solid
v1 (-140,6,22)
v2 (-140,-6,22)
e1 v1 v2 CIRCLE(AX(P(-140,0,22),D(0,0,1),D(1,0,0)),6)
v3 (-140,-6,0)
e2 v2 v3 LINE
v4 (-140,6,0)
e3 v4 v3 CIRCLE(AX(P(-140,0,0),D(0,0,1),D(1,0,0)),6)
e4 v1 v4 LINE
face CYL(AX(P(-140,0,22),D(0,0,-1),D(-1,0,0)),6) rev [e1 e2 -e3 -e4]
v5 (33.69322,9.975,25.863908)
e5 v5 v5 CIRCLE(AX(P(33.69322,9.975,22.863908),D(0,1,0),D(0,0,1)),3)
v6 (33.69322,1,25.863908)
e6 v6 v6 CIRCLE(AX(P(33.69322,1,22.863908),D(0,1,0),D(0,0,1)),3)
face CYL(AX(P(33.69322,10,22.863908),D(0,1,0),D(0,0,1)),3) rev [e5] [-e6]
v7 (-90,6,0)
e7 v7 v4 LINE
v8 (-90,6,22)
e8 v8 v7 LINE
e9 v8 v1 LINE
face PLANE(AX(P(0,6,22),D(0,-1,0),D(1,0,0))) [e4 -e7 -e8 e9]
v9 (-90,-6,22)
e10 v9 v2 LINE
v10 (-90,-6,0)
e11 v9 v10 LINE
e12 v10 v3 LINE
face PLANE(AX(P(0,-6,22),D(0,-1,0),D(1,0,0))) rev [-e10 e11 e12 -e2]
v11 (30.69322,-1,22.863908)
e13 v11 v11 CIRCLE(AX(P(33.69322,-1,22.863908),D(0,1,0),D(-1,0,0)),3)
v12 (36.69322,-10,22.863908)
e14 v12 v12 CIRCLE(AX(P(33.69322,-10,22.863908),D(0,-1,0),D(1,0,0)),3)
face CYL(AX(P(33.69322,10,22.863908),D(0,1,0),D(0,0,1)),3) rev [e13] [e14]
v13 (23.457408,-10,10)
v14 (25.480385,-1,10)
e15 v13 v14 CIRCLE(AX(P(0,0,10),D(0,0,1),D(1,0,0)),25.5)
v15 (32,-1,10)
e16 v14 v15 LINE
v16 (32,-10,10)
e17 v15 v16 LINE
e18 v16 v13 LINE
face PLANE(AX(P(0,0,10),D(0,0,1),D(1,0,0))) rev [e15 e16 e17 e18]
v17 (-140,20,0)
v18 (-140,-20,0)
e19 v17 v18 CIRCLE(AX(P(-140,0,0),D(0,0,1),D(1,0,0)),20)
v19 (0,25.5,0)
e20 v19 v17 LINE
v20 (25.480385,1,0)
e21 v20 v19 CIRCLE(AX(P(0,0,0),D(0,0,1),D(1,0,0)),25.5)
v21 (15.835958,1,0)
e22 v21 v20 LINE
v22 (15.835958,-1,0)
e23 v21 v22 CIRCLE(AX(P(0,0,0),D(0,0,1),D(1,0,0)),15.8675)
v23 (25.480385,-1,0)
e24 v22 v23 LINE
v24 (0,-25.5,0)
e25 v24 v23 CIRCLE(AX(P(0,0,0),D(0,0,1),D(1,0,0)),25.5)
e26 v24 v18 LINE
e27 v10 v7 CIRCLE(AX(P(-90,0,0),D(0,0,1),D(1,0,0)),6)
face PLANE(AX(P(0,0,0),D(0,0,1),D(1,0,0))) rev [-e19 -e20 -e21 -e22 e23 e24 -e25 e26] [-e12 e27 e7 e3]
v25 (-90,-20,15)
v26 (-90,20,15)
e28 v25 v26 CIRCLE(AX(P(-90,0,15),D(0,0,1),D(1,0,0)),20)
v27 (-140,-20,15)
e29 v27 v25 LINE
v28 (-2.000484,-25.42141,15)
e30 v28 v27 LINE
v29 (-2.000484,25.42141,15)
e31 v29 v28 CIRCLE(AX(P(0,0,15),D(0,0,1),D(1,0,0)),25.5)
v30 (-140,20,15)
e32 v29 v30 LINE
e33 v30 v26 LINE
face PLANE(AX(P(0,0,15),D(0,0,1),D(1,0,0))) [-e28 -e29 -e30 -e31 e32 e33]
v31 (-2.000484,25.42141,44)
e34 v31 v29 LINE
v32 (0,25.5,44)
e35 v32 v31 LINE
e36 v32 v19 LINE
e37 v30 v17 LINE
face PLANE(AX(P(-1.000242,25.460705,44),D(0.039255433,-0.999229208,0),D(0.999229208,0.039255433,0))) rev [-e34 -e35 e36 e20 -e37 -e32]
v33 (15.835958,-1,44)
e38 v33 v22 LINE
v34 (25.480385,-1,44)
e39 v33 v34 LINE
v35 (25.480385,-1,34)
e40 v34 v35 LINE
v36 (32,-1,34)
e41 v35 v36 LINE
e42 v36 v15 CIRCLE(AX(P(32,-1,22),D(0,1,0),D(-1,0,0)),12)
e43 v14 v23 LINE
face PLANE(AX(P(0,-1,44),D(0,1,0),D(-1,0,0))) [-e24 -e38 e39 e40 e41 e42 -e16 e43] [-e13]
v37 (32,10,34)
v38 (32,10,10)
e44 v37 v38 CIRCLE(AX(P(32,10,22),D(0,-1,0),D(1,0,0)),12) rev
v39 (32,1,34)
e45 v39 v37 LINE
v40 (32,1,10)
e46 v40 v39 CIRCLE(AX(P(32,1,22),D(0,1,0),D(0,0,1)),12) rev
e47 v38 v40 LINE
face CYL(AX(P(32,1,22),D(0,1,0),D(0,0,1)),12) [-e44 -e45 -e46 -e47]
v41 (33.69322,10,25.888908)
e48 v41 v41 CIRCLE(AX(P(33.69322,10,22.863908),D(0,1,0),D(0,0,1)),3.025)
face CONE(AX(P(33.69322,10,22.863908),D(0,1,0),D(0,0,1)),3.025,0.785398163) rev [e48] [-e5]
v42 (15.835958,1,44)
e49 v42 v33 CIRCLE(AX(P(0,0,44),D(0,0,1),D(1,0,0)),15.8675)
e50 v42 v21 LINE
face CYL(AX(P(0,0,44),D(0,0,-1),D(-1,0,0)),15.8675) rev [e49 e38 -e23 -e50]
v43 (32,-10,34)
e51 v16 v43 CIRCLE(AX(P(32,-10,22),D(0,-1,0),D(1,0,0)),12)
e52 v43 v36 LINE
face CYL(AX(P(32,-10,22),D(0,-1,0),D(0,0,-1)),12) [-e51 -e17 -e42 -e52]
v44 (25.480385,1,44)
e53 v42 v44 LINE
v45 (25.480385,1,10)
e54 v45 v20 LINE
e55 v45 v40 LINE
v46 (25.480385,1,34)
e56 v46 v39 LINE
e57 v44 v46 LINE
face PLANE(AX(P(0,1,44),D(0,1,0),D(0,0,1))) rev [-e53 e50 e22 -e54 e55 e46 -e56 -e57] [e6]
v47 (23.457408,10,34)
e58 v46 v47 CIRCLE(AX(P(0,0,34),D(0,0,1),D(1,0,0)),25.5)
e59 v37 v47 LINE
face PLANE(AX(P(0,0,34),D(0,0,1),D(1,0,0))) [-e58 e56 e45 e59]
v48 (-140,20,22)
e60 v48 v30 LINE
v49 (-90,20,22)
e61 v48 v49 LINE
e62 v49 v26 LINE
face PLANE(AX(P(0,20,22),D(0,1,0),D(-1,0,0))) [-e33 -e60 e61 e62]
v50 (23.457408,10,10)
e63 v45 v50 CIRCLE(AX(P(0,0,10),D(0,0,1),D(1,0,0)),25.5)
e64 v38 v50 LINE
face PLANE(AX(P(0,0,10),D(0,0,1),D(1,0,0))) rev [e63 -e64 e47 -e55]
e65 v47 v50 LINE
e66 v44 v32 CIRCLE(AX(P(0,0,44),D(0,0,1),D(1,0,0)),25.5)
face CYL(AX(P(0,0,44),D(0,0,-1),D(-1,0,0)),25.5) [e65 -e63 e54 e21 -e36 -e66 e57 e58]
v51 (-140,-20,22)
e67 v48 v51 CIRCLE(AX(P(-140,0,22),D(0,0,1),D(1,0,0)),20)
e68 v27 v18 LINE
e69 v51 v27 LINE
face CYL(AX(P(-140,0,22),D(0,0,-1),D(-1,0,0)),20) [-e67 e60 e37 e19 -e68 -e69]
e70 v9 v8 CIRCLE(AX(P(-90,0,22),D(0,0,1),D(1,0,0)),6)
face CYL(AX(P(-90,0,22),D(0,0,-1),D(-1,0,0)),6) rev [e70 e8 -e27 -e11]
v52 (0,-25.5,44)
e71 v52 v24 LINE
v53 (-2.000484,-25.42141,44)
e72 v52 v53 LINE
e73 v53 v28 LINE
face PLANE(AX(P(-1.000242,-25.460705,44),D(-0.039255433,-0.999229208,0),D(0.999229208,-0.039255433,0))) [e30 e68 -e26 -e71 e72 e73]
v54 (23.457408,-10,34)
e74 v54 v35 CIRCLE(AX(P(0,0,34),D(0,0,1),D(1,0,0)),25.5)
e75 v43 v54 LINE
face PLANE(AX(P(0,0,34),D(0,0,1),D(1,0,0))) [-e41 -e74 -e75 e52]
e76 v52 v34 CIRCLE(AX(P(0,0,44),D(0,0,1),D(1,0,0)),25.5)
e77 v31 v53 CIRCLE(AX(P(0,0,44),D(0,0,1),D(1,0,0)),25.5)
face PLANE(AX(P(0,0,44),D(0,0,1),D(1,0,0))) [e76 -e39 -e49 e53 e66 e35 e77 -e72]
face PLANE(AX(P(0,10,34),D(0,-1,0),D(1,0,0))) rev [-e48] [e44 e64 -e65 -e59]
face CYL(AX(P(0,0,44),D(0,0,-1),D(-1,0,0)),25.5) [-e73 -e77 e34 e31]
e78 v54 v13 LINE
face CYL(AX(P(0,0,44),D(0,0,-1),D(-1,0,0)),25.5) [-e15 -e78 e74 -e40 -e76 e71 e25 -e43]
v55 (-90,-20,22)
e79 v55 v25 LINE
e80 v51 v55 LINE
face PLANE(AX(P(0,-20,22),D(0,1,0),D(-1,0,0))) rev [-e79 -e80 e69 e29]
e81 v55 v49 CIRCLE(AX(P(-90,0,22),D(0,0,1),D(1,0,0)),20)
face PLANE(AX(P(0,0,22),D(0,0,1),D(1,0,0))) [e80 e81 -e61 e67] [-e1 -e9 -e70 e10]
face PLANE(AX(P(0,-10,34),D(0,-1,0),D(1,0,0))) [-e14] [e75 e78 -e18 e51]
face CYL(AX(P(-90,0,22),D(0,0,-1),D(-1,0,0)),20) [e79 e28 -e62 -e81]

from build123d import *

# Parameters (mm, degrees)
BOSS_EXTRUDE1_DEPTH             = 44
BOSS_EXTRUDE2_DEPTH             = 15
BOSS_EXTRUDE3_DEPTH             = 22
BOSS_EXTRUDE4_START             = 10
BOSS_EXTRUDE4_DEPTH             = 24
FILLET1_RADIUS                  = 12
FILLET1_LENGTH                  = 9
FILLET2_RADIUS                  = 12
FILLET2_LENGTH                  = 9
F_6_0MM_DOWEL_HOLE1_D           = 6
F_6_0MM_DOWEL_HOLE1_CSINK_D     = 6.05
F_6_0MM_DOWEL_HOLE1_CSINK_ANGLE = 90


with BuildPart() as part:
    # Sketch1 → Boss-Extrude1 (new body)
    with BuildSketch(Plane.XY):
        with BuildLine():
            Line((0, 25.5), (-2.000483947, 25.421409559))
            ThreePointArc((-2.000483947, 25.421409559), (-25.5, 0), (-2.000483947, -25.421409559))
            Line((-2.000483947, -25.421409559), (0, -25.5))
            ThreePointArc((0, -25.5), (14.05791592, -21.274985311), (23.457408211, -10))
            ThreePointArc((23.457408211, -10), (24.879246203, -5.592236438), (25.480384612, -1))
            Line((25.480384612, -1), (15.835957699, -1))
            ThreePointArc((15.835957699, -1), (-15.8675, 0), (15.835957699, 1))
            Line((15.835957699, 1), (25.480384612, 1))
            ThreePointArc((25.480384612, 1), (24.879246203, 5.592236438), (23.457408211, 10))
            ThreePointArc((23.457408211, 10), (14.05791592, 21.274985311), (0, 25.5))
        make_face()
    extrude(amount=BOSS_EXTRUDE1_DEPTH)

    # Sketch1<3> → Boss-Extrude2 (add)
    with BuildSketch(Plane.XY):
        with BuildLine():
            Line((-2.000483947, 25.421409559), (-140, 20))
            Line((-140, 20), (-90, 20))
            ThreePointArc((-90, 20), (-70, 0), (-90, -20))
            Line((-90, -20), (-140, -20))
            Line((-140, -20), (-2.000483947, -25.421409559))
            ThreePointArc((-2.000483947, -25.421409559), (-25.5, 0), (-2.000483947, 25.421409559))
        make_face()
    extrude(amount=BOSS_EXTRUDE2_DEPTH)

    # Sketch1<4> → Boss-Extrude3 (add)
    with BuildSketch(Plane.XY):
        with BuildLine():
            Line((-140, -20), (-90, -20))
            ThreePointArc((-90, -20), (-70, 0), (-90, 20))
            Line((-90, 20), (-140, 20))
            ThreePointArc((-140, 20), (-160, 0), (-140, -20))
        make_face()
        with BuildLine():
            ThreePointArc((-140, 6), (-146, 0), (-140, -6))
            Line((-140, -6), (-90, -6))
            ThreePointArc((-90, -6), (-84, 0), (-90, 6))
            Line((-90, 6), (-140, 6))
        make_face(mode=Mode.SUBTRACT)
    extrude(amount=BOSS_EXTRUDE3_DEPTH)

    # Sketch1<5> → Boss-Extrude4 (add)
    with BuildSketch(Plane.XY.offset(BOSS_EXTRUDE4_START)):
        with BuildLine():
            Line((44, 10), (23.457408211, 10))
            ThreePointArc((23.457408211, 10), (24.879246203, 5.592236438), (25.480384612, 1))
            Line((25.480384612, 1), (44, 1))
            Line((44, 1), (44, 10))
        make_face()
        with BuildLine():
            ThreePointArc((25.480384612, -1), (24.879246203, -5.592236438), (23.457408211, -10))
            Line((23.457408211, -10), (44, -10))
            Line((44, -10), (44, -1))
            Line((44, -1), (25.480384612, -1))
        make_face()
    extrude(amount=BOSS_EXTRUDE4_DEPTH)

    # Fillet1: full round fillet: the end face becomes a half cylinder, R = half its width
    fillet1_face = Plane((44, 5.5, 22), x_dir=(0, 1, 0), z_dir=(1, 0, 0))  # on the end face: x along it, z out of the body
    fillet1_slab = fillet1_face.offset(-FILLET1_RADIUS / 2) * Box(FILLET1_LENGTH, 2 * FILLET1_RADIUS, FILLET1_RADIUS, mode=Mode.PRIVATE)  # the body's end, R deep
    fillet1_round = Plane((32, 5.5, 22), x_dir=(1, 0, 0), z_dir=(0, 1, 0)) * Cylinder(FILLET1_RADIUS, FILLET1_LENGTH, mode=Mode.PRIVATE)  # its axis R under the face
    add(fillet1_slab - fillet1_round, mode=Mode.SUBTRACT)

    # Fillet2: full round fillet: the end face becomes a half cylinder, R = half its width
    fillet2_face = Plane((44, -5.5, 22), x_dir=(0, -1, 0), z_dir=(1, 0, 0))  # on the end face: x along it, z out of the body
    fillet2_slab = fillet2_face.offset(-FILLET2_RADIUS / 2) * Box(FILLET2_LENGTH, 2 * FILLET2_RADIUS, FILLET2_RADIUS, mode=Mode.PRIVATE)  # the body's end, R deep
    fillet2_round = Plane((32, -5.5, 22), x_dir=(1, 0, 0), z_dir=(0, -1, 0)) * Cylinder(FILLET2_RADIUS, FILLET2_LENGTH, mode=Mode.PRIVATE)  # its axis R under the face
    add(fillet2_slab - fillet2_round, mode=Mode.SUBTRACT)

    # Ø6.0mm Dowel Hole1 (through all)
    with Locations(Plane(origin=(0, 10, 0), x_dir=(1, 0, 0), z_dir=(0, 1, 0))):
        with Locations((33.693220204, -22.863908444)):
            CounterSinkHole(F_6_0MM_DOWEL_HOLE1_D / 2, F_6_0MM_DOWEL_HOLE1_CSINK_D / 2, counter_sink_angle=F_6_0MM_DOWEL_HOLE1_CSINK_ANGLE)


solid = part.part
